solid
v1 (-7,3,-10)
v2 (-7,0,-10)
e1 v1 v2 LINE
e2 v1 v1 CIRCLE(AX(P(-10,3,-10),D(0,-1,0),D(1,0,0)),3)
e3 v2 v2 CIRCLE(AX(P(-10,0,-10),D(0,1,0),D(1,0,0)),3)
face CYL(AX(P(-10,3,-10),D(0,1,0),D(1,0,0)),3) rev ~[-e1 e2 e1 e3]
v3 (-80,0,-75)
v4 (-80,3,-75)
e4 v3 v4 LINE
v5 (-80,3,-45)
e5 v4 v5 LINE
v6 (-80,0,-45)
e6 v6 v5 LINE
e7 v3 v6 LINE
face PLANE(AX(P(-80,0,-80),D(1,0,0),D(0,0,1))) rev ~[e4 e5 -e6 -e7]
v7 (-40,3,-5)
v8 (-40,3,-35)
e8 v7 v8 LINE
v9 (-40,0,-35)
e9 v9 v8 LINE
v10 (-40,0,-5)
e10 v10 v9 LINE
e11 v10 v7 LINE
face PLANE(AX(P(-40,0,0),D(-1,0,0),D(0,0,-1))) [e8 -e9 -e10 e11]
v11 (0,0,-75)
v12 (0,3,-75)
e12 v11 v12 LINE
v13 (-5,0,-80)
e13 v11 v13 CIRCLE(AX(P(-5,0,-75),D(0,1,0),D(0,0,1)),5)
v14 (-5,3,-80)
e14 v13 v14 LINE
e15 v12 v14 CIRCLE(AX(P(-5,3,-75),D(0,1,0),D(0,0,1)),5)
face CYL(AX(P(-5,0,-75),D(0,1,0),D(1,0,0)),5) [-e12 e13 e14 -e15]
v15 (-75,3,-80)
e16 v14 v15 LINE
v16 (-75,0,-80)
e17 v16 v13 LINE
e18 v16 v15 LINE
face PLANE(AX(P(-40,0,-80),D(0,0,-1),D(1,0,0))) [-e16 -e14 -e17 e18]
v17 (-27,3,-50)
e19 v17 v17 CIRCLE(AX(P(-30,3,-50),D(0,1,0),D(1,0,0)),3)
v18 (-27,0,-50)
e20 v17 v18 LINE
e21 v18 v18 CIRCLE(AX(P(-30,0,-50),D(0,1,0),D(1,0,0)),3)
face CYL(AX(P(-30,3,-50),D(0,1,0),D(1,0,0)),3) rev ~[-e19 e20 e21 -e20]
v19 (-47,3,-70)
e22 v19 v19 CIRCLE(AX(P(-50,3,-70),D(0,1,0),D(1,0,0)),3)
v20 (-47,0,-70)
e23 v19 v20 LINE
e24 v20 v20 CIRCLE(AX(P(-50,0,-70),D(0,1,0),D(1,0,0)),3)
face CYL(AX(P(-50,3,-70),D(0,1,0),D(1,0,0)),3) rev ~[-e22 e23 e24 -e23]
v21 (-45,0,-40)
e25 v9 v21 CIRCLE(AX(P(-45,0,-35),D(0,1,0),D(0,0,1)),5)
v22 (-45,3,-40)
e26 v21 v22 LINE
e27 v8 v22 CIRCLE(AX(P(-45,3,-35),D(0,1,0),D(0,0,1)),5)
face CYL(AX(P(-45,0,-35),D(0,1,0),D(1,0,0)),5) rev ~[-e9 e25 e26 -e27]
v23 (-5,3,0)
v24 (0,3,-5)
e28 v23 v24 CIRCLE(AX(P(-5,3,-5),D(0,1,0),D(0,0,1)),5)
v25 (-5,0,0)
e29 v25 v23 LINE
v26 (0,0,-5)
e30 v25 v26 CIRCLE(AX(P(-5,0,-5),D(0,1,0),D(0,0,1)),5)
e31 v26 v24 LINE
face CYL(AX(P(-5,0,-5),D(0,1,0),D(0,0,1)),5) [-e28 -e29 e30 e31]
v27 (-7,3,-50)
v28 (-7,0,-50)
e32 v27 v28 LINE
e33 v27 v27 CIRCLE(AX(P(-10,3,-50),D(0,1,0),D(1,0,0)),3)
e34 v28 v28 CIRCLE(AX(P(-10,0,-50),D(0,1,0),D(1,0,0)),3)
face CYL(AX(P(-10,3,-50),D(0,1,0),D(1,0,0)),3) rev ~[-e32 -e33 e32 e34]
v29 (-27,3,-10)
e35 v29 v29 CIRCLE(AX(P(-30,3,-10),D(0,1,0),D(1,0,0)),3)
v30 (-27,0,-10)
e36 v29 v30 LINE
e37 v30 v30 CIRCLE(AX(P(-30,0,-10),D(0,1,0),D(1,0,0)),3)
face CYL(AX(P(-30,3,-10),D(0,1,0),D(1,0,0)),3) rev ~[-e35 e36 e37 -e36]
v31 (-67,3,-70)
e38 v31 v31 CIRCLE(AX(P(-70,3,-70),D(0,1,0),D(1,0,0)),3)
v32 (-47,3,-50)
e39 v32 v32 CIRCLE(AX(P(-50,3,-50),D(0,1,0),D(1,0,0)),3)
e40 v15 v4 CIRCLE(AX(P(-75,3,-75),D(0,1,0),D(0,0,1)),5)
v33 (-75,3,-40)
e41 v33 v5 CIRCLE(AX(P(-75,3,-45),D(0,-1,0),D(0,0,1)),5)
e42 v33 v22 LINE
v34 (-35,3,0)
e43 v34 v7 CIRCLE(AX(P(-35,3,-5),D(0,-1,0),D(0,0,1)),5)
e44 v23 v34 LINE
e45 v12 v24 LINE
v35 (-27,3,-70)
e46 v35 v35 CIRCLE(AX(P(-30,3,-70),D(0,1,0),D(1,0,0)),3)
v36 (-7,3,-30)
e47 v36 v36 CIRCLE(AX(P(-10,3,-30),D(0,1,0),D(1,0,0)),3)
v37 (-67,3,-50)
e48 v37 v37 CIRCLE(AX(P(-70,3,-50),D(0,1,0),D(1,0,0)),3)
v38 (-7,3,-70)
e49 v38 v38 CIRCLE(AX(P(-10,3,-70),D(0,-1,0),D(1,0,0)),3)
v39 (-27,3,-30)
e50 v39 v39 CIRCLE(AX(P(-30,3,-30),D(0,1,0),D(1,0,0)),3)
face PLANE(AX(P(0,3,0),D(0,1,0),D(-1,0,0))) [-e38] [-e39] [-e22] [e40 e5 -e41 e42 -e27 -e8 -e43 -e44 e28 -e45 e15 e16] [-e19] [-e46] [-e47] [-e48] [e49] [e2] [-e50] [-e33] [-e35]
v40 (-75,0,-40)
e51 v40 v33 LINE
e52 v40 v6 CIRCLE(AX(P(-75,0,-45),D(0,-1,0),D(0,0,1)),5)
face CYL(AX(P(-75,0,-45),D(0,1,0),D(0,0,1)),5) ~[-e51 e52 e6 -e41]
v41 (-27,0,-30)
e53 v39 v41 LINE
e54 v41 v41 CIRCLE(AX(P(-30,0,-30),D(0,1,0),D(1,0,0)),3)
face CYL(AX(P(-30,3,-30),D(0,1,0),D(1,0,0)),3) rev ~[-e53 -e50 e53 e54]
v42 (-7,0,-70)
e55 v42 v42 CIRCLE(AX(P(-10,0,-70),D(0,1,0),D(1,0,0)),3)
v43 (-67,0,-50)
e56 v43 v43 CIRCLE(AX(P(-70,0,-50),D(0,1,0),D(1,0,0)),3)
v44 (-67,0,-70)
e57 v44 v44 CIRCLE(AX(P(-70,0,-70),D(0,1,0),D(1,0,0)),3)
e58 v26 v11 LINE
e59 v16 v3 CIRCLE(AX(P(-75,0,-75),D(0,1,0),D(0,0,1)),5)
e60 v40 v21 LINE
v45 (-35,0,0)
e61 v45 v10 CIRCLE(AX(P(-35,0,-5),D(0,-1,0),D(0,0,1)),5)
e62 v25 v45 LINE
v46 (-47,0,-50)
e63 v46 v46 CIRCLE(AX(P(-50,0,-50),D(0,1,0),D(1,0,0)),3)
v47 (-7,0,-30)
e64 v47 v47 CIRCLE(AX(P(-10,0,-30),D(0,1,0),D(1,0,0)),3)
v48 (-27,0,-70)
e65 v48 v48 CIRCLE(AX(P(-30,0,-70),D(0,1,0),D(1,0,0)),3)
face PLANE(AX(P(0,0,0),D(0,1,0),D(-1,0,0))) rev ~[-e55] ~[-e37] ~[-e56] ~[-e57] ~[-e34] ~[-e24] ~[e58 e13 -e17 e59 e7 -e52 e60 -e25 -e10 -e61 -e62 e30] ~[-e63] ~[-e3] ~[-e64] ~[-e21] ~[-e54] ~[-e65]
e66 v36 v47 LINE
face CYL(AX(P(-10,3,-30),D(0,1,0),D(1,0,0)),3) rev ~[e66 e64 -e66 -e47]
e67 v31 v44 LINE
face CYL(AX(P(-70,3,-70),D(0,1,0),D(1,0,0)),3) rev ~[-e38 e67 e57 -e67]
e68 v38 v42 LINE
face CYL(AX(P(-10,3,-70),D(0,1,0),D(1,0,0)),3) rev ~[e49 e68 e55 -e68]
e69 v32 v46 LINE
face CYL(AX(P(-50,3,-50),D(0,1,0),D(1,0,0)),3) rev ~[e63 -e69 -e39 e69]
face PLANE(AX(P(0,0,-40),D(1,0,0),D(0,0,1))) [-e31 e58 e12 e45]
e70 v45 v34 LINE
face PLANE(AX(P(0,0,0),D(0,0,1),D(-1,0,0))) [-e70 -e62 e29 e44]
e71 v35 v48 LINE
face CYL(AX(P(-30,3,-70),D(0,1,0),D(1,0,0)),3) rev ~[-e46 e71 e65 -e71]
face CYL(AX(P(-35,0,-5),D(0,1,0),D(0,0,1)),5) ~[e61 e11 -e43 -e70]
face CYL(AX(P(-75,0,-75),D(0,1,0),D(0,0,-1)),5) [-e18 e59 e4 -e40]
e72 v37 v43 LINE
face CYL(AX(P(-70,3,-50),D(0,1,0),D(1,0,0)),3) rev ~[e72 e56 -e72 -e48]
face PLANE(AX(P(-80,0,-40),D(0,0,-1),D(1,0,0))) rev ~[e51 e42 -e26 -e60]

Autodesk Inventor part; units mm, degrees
ref_plane "YZ Plane" through (0, 0, 0) normal (1, 0, 0) x (0, 1, 0)
ref_plane "XZ Plane" through (0, 0, 0) normal (0, 1, 0) x (-1, 0, 0)
ref_plane "XY Plane" through (0, 0, 0) normal (0, 0, 1) x (1, 0, 0)
sketch "Sketch1" plane through (0, 0, 0) normal (0, 1, 0) x (-1, 0, 0)
  line L0 (0, 0) -> (40, 0)
  line L1 (40, 0) -> (40, -80)
  line L2 (40, -80) -> (0, -80)
  line L3 (0, -80) -> (0, 0)
  line L4 (0, -80) -> (80, -80)
  line L5 (80, -80) -> (80, -40)
  line L6 (80, -40) -> (0, -40)
  line L7 (0, -40) -> (0, -80)
  point P0 (40, -40)
  dimension "d0" = 40
  dimension "d1" = 80
  dimension "d2" = 80
  dimension "d3" = 40
extrude "Extrusion1" add sketch "Sketch1" along normal blind 3
sketch "Sketch2" plane through (0, 3, 0) normal (0, 1, 0) x (1, 0, 0)
  line L0 (0, 0) -> (-10, 0)
  line L1 (-40, 0) -> (0, 0) projected
  line L2 (-10, 0) -> (-10, 10)
  circle A0 centre (-10, 10) radius 3
  line L3 (0, 0) -> (0, 80) projected
  line L4 (0, 0) -> (0, 80)
  circle A1 centre (-10, 30) radius 3
  circle A2 centre (-10, 50) radius 3
  circle A3 centre (-10, 70) radius 3
  circle A4 centre (-30, 10) radius 3
  circle A5 centre (-30, 30) radius 3
  circle A6 centre (-30, 50) radius 3
  circle A7 centre (-30, 70) radius 3
  line L5 (-10, 70) -> (0, 70)
  line L6 (-10, 70) -> (-10, 80)
  line L7 (0, 80) -> (-80, 80) projected
  circle A8 centre (-10, 70) radius 3
  circle A9 centre (-30, 70) radius 3
  circle A10 centre (-50, 70) radius 3
  circle A11 centre (-70, 70) radius 3
  circle A12 centre (-10, 50) radius 3
  circle A13 centre (-30, 50) radius 3
  circle A14 centre (-50, 50) radius 3
  circle A15 centre (-70, 50) radius 3
  dimension "d6" = 10
  dimension "d7" = 10
  dimension "d8" = 6
  dimension "d11" = 20
  dimension "d14" = 20
  dimension "d19" = 20
  dimension "d22" = 20
extrude "Extrusion2" cut sketch "Sketch2" against normal through all contours A0 | L5 L6 A3 | A3 L6 L5 | A1 | A2 | A4 | A5 | A6 | A7 | A10 | A11 | A14 | A15
fillet "Fillet1" radius 5 6 edges at (0, 1.5, 0) (-40, 1.5, 0) (0, 1.5, -80) (-40, 1.5, -40) (-80, 1.5, -40) (-80, 1.5, -80)
properties part number "RightAngle_4040"
